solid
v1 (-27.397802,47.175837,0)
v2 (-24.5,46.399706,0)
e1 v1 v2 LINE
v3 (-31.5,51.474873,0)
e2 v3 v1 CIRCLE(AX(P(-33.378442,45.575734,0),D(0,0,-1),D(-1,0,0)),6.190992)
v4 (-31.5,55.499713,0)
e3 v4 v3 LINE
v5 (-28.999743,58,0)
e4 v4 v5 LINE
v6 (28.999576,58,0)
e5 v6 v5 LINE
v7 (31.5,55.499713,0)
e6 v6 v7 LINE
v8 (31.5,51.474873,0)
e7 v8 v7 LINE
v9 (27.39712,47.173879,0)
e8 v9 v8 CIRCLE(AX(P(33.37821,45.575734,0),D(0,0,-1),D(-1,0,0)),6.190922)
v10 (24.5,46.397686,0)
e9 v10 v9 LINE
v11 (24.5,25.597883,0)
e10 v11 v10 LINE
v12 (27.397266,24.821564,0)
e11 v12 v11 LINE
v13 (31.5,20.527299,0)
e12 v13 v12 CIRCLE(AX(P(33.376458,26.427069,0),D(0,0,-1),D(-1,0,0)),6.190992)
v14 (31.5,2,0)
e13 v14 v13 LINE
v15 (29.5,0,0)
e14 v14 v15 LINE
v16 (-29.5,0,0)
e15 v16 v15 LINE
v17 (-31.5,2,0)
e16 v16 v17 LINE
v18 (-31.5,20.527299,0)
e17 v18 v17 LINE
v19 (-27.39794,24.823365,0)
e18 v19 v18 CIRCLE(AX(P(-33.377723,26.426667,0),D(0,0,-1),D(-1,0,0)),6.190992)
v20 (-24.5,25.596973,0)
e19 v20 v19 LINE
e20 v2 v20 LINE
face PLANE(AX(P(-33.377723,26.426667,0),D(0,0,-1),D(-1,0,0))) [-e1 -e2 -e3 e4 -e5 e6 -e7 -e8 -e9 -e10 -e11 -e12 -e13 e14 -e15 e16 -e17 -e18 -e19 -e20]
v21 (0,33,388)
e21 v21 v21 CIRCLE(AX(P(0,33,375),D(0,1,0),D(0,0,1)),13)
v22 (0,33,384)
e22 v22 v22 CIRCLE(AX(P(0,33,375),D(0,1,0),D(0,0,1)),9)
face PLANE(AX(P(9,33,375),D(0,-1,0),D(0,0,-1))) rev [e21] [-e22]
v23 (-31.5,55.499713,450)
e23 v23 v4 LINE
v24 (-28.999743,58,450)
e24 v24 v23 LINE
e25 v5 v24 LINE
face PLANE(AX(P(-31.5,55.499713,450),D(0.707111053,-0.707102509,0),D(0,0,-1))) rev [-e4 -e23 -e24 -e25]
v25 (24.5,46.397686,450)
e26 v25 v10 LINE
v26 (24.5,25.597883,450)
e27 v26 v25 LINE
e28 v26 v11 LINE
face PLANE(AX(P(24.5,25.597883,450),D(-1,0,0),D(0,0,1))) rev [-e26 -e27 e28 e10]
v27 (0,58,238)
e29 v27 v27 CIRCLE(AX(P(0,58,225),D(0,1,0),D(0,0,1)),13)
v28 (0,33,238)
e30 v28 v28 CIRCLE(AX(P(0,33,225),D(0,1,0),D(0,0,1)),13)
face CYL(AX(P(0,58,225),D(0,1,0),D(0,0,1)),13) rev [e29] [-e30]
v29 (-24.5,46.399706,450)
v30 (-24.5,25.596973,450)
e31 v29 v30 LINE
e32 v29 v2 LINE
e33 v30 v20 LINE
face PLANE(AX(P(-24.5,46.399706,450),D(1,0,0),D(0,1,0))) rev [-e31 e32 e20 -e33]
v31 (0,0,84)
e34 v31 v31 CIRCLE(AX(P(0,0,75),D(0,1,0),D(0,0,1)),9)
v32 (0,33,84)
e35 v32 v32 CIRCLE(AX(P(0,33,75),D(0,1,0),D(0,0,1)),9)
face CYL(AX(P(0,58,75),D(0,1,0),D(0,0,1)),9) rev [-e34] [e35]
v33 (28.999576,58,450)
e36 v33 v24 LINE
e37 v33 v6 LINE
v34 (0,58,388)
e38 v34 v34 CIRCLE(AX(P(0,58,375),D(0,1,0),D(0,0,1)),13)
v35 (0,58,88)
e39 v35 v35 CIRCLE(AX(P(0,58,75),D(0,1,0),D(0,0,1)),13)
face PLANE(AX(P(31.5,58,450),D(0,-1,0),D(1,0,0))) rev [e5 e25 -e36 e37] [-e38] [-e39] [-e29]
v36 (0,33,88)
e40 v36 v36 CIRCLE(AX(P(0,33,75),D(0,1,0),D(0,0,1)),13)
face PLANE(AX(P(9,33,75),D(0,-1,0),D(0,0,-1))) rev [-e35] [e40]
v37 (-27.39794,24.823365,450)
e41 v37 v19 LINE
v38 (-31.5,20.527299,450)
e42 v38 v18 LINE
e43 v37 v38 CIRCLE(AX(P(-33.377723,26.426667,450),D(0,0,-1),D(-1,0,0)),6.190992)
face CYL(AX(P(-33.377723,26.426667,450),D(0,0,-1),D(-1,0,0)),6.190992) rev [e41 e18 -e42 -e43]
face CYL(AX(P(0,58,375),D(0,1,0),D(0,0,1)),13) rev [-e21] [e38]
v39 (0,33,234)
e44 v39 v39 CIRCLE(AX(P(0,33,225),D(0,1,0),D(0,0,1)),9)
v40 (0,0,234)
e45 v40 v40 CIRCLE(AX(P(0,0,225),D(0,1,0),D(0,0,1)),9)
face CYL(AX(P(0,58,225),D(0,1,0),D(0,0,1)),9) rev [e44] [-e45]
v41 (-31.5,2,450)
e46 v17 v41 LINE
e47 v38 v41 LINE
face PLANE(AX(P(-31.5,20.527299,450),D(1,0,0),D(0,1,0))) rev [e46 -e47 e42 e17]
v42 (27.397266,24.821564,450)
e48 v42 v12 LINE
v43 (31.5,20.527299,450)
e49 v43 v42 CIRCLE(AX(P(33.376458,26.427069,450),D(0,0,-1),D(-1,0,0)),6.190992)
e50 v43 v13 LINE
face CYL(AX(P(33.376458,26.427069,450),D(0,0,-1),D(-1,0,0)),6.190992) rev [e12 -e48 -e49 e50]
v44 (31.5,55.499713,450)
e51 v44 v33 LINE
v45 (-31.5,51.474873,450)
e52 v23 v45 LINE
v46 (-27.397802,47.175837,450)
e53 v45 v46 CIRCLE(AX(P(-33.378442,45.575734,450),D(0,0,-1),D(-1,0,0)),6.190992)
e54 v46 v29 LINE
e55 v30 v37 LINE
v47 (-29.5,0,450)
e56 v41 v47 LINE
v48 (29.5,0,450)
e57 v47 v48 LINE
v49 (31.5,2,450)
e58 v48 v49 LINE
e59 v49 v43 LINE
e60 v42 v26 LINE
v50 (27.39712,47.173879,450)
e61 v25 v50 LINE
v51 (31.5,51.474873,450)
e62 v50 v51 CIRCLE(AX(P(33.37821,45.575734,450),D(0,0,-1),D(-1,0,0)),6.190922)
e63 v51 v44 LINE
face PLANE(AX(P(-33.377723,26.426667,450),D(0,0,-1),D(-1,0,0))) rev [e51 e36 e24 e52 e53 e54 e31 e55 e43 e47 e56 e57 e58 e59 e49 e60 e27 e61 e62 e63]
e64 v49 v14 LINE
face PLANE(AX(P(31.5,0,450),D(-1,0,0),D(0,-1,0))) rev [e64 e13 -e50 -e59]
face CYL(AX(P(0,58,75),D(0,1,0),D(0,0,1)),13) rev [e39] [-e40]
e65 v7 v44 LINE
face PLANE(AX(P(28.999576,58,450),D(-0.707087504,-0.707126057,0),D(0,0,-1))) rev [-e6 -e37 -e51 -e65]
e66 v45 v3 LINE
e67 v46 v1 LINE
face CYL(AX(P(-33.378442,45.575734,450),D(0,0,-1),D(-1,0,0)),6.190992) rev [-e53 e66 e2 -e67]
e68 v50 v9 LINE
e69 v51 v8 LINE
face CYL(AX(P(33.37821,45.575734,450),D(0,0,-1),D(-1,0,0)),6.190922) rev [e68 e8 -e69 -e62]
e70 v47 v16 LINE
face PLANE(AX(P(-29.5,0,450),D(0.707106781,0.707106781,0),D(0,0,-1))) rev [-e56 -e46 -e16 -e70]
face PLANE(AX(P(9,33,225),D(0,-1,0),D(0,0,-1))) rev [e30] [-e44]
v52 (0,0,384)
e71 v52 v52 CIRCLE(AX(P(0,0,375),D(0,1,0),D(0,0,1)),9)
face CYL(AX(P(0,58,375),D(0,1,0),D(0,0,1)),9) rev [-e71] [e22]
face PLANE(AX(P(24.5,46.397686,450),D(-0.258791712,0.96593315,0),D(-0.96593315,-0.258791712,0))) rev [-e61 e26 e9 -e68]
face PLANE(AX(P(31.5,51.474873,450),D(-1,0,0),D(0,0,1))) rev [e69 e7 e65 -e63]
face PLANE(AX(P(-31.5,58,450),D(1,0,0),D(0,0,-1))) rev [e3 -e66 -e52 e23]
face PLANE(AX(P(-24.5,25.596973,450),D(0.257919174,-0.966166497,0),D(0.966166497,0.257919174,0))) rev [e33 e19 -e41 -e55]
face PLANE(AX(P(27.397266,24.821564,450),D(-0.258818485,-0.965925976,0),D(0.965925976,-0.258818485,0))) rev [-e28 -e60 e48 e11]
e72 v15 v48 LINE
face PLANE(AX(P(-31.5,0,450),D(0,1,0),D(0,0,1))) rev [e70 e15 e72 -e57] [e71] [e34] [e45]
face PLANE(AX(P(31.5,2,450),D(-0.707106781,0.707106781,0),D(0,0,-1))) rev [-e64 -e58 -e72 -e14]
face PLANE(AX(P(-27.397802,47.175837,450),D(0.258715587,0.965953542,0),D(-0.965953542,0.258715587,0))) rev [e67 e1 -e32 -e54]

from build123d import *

# Parameters (mm, degrees)
RESSALTO_EXTRUS_O1_DEPTH                             = 450
REBAIXO_PARA_PARAFUSO_DE_CABE_A_SEXTAVAD_D           = 18
REBAIXO_PARA_PARAFUSO_DE_CABE_A_SEXTAVAD_DEPTH       = 58
REBAIXO_PARA_PARAFUSO_DE_CABE_A_SEXTAVAD_CBORE_D     = 26
REBAIXO_PARA_PARAFUSO_DE_CABE_A_SEXTAVAD_CBORE_DEPTH = 25
CHANFRO1_SIZE2                                       = 2.500287455
CHANFRO1_SIZE                                        = 2.500257245
CHANFRO2_SIZE2                                       = 2.500423779
CHANFRO2_SIZE                                        = 2.500287455
CHANFRO3_SIZE                                        = 2


with BuildPart() as part:
    # Esboço1 → Ressalto-extrusão1 (new body)
    with BuildSketch(Plane.XY):
        with BuildLine():
            Line((-31.5, 20.527298986), (-31.5, 0))
            Line((-31.5, 0), (31.5, 0))
            Line((31.5, 0), (31.5, 20.527298986))
            ThreePointArc((31.5, 20.527298986), (28.900076881, 22.150342104), (27.397266061, 24.82156445))
            Line((27.397266061, 24.82156445), (24.5, 25.597882749))
            Line((24.5, 25.597882749), (24.5, 46.397686197))
            Line((24.5, 46.397686197), (27.397119712, 47.17387922))
            ThreePointArc((27.397119712, 47.17387922), (28.898613337, 49.848990738), (31.5, 51.474872705))
            Line((31.5, 51.474872705), (31.5, 58))
            Line((31.5, 58), (-31.5, 58))
            Line((-31.5, 58), (-31.5, 51.474872705))
            ThreePointArc((-31.5, 51.474872705), (-28.899411057, 49.849685923), (-27.397802135, 47.175837466))
            Line((-27.397802135, 47.175837466), (-24.5, 46.399706372))
            Line((-24.5, 46.399706372), (-24.5, 25.596973237))
            Line((-24.5, 25.596973237), (-27.397939574, 24.823365186))
            ThreePointArc((-27.397939574, 24.823365186), (-28.900095464, 22.151244343), (-31.5, 20.527298986))
        make_face()
    extrude(amount=RESSALTO_EXTRUS_O1_DEPTH)

    # Rebaixo para parafuso de cabeça sextavada de M161
    with Locations(Plane(origin=(0, 58, 0), x_dir=(1, 0, 0), z_dir=(0, 1, 0))):
        with Locations((0, -75), (0, -1425), (0, -1275), (0, -1125), (0, -975), (0, -825), (0, -675), (0, -525), (0, -375), (0, -225)):
            CounterBoreHole(REBAIXO_PARA_PARAFUSO_DE_CABE_A_SEXTAVAD_D / 2, REBAIXO_PARA_PARAFUSO_DE_CABE_A_SEXTAVAD_CBORE_D / 2, REBAIXO_PARA_PARAFUSO_DE_CABE_A_SEXTAVAD_CBORE_DEPTH, depth=REBAIXO_PARA_PARAFUSO_DE_CABE_A_SEXTAVAD_DEPTH)

    # Chanfro1
    chanfro1_edges = [part.edges().sort_by_distance(p)[0] for p in [
        (-31.5, 58, 225),
    ]]
    chamfer(chanfro1_edges, length=CHANFRO1_SIZE, length2=CHANFRO1_SIZE2)

    # Chanfro2
    chanfro2_edges = [part.edges().sort_by_distance(p)[0] for p in [
        (31.5, 58, 225),
    ]]
    chamfer(chanfro2_edges, length=CHANFRO2_SIZE, length2=CHANFRO2_SIZE2)

    # Chanfro3
    chanfro3_edges = [part.edges().sort_by_distance(p)[0] for p in [
        (31.5, 0, 225),
        (-31.5, 0, 225),
    ]]
    chamfer(chanfro3_edges, length=CHANFRO3_SIZE)


solid = part.part
